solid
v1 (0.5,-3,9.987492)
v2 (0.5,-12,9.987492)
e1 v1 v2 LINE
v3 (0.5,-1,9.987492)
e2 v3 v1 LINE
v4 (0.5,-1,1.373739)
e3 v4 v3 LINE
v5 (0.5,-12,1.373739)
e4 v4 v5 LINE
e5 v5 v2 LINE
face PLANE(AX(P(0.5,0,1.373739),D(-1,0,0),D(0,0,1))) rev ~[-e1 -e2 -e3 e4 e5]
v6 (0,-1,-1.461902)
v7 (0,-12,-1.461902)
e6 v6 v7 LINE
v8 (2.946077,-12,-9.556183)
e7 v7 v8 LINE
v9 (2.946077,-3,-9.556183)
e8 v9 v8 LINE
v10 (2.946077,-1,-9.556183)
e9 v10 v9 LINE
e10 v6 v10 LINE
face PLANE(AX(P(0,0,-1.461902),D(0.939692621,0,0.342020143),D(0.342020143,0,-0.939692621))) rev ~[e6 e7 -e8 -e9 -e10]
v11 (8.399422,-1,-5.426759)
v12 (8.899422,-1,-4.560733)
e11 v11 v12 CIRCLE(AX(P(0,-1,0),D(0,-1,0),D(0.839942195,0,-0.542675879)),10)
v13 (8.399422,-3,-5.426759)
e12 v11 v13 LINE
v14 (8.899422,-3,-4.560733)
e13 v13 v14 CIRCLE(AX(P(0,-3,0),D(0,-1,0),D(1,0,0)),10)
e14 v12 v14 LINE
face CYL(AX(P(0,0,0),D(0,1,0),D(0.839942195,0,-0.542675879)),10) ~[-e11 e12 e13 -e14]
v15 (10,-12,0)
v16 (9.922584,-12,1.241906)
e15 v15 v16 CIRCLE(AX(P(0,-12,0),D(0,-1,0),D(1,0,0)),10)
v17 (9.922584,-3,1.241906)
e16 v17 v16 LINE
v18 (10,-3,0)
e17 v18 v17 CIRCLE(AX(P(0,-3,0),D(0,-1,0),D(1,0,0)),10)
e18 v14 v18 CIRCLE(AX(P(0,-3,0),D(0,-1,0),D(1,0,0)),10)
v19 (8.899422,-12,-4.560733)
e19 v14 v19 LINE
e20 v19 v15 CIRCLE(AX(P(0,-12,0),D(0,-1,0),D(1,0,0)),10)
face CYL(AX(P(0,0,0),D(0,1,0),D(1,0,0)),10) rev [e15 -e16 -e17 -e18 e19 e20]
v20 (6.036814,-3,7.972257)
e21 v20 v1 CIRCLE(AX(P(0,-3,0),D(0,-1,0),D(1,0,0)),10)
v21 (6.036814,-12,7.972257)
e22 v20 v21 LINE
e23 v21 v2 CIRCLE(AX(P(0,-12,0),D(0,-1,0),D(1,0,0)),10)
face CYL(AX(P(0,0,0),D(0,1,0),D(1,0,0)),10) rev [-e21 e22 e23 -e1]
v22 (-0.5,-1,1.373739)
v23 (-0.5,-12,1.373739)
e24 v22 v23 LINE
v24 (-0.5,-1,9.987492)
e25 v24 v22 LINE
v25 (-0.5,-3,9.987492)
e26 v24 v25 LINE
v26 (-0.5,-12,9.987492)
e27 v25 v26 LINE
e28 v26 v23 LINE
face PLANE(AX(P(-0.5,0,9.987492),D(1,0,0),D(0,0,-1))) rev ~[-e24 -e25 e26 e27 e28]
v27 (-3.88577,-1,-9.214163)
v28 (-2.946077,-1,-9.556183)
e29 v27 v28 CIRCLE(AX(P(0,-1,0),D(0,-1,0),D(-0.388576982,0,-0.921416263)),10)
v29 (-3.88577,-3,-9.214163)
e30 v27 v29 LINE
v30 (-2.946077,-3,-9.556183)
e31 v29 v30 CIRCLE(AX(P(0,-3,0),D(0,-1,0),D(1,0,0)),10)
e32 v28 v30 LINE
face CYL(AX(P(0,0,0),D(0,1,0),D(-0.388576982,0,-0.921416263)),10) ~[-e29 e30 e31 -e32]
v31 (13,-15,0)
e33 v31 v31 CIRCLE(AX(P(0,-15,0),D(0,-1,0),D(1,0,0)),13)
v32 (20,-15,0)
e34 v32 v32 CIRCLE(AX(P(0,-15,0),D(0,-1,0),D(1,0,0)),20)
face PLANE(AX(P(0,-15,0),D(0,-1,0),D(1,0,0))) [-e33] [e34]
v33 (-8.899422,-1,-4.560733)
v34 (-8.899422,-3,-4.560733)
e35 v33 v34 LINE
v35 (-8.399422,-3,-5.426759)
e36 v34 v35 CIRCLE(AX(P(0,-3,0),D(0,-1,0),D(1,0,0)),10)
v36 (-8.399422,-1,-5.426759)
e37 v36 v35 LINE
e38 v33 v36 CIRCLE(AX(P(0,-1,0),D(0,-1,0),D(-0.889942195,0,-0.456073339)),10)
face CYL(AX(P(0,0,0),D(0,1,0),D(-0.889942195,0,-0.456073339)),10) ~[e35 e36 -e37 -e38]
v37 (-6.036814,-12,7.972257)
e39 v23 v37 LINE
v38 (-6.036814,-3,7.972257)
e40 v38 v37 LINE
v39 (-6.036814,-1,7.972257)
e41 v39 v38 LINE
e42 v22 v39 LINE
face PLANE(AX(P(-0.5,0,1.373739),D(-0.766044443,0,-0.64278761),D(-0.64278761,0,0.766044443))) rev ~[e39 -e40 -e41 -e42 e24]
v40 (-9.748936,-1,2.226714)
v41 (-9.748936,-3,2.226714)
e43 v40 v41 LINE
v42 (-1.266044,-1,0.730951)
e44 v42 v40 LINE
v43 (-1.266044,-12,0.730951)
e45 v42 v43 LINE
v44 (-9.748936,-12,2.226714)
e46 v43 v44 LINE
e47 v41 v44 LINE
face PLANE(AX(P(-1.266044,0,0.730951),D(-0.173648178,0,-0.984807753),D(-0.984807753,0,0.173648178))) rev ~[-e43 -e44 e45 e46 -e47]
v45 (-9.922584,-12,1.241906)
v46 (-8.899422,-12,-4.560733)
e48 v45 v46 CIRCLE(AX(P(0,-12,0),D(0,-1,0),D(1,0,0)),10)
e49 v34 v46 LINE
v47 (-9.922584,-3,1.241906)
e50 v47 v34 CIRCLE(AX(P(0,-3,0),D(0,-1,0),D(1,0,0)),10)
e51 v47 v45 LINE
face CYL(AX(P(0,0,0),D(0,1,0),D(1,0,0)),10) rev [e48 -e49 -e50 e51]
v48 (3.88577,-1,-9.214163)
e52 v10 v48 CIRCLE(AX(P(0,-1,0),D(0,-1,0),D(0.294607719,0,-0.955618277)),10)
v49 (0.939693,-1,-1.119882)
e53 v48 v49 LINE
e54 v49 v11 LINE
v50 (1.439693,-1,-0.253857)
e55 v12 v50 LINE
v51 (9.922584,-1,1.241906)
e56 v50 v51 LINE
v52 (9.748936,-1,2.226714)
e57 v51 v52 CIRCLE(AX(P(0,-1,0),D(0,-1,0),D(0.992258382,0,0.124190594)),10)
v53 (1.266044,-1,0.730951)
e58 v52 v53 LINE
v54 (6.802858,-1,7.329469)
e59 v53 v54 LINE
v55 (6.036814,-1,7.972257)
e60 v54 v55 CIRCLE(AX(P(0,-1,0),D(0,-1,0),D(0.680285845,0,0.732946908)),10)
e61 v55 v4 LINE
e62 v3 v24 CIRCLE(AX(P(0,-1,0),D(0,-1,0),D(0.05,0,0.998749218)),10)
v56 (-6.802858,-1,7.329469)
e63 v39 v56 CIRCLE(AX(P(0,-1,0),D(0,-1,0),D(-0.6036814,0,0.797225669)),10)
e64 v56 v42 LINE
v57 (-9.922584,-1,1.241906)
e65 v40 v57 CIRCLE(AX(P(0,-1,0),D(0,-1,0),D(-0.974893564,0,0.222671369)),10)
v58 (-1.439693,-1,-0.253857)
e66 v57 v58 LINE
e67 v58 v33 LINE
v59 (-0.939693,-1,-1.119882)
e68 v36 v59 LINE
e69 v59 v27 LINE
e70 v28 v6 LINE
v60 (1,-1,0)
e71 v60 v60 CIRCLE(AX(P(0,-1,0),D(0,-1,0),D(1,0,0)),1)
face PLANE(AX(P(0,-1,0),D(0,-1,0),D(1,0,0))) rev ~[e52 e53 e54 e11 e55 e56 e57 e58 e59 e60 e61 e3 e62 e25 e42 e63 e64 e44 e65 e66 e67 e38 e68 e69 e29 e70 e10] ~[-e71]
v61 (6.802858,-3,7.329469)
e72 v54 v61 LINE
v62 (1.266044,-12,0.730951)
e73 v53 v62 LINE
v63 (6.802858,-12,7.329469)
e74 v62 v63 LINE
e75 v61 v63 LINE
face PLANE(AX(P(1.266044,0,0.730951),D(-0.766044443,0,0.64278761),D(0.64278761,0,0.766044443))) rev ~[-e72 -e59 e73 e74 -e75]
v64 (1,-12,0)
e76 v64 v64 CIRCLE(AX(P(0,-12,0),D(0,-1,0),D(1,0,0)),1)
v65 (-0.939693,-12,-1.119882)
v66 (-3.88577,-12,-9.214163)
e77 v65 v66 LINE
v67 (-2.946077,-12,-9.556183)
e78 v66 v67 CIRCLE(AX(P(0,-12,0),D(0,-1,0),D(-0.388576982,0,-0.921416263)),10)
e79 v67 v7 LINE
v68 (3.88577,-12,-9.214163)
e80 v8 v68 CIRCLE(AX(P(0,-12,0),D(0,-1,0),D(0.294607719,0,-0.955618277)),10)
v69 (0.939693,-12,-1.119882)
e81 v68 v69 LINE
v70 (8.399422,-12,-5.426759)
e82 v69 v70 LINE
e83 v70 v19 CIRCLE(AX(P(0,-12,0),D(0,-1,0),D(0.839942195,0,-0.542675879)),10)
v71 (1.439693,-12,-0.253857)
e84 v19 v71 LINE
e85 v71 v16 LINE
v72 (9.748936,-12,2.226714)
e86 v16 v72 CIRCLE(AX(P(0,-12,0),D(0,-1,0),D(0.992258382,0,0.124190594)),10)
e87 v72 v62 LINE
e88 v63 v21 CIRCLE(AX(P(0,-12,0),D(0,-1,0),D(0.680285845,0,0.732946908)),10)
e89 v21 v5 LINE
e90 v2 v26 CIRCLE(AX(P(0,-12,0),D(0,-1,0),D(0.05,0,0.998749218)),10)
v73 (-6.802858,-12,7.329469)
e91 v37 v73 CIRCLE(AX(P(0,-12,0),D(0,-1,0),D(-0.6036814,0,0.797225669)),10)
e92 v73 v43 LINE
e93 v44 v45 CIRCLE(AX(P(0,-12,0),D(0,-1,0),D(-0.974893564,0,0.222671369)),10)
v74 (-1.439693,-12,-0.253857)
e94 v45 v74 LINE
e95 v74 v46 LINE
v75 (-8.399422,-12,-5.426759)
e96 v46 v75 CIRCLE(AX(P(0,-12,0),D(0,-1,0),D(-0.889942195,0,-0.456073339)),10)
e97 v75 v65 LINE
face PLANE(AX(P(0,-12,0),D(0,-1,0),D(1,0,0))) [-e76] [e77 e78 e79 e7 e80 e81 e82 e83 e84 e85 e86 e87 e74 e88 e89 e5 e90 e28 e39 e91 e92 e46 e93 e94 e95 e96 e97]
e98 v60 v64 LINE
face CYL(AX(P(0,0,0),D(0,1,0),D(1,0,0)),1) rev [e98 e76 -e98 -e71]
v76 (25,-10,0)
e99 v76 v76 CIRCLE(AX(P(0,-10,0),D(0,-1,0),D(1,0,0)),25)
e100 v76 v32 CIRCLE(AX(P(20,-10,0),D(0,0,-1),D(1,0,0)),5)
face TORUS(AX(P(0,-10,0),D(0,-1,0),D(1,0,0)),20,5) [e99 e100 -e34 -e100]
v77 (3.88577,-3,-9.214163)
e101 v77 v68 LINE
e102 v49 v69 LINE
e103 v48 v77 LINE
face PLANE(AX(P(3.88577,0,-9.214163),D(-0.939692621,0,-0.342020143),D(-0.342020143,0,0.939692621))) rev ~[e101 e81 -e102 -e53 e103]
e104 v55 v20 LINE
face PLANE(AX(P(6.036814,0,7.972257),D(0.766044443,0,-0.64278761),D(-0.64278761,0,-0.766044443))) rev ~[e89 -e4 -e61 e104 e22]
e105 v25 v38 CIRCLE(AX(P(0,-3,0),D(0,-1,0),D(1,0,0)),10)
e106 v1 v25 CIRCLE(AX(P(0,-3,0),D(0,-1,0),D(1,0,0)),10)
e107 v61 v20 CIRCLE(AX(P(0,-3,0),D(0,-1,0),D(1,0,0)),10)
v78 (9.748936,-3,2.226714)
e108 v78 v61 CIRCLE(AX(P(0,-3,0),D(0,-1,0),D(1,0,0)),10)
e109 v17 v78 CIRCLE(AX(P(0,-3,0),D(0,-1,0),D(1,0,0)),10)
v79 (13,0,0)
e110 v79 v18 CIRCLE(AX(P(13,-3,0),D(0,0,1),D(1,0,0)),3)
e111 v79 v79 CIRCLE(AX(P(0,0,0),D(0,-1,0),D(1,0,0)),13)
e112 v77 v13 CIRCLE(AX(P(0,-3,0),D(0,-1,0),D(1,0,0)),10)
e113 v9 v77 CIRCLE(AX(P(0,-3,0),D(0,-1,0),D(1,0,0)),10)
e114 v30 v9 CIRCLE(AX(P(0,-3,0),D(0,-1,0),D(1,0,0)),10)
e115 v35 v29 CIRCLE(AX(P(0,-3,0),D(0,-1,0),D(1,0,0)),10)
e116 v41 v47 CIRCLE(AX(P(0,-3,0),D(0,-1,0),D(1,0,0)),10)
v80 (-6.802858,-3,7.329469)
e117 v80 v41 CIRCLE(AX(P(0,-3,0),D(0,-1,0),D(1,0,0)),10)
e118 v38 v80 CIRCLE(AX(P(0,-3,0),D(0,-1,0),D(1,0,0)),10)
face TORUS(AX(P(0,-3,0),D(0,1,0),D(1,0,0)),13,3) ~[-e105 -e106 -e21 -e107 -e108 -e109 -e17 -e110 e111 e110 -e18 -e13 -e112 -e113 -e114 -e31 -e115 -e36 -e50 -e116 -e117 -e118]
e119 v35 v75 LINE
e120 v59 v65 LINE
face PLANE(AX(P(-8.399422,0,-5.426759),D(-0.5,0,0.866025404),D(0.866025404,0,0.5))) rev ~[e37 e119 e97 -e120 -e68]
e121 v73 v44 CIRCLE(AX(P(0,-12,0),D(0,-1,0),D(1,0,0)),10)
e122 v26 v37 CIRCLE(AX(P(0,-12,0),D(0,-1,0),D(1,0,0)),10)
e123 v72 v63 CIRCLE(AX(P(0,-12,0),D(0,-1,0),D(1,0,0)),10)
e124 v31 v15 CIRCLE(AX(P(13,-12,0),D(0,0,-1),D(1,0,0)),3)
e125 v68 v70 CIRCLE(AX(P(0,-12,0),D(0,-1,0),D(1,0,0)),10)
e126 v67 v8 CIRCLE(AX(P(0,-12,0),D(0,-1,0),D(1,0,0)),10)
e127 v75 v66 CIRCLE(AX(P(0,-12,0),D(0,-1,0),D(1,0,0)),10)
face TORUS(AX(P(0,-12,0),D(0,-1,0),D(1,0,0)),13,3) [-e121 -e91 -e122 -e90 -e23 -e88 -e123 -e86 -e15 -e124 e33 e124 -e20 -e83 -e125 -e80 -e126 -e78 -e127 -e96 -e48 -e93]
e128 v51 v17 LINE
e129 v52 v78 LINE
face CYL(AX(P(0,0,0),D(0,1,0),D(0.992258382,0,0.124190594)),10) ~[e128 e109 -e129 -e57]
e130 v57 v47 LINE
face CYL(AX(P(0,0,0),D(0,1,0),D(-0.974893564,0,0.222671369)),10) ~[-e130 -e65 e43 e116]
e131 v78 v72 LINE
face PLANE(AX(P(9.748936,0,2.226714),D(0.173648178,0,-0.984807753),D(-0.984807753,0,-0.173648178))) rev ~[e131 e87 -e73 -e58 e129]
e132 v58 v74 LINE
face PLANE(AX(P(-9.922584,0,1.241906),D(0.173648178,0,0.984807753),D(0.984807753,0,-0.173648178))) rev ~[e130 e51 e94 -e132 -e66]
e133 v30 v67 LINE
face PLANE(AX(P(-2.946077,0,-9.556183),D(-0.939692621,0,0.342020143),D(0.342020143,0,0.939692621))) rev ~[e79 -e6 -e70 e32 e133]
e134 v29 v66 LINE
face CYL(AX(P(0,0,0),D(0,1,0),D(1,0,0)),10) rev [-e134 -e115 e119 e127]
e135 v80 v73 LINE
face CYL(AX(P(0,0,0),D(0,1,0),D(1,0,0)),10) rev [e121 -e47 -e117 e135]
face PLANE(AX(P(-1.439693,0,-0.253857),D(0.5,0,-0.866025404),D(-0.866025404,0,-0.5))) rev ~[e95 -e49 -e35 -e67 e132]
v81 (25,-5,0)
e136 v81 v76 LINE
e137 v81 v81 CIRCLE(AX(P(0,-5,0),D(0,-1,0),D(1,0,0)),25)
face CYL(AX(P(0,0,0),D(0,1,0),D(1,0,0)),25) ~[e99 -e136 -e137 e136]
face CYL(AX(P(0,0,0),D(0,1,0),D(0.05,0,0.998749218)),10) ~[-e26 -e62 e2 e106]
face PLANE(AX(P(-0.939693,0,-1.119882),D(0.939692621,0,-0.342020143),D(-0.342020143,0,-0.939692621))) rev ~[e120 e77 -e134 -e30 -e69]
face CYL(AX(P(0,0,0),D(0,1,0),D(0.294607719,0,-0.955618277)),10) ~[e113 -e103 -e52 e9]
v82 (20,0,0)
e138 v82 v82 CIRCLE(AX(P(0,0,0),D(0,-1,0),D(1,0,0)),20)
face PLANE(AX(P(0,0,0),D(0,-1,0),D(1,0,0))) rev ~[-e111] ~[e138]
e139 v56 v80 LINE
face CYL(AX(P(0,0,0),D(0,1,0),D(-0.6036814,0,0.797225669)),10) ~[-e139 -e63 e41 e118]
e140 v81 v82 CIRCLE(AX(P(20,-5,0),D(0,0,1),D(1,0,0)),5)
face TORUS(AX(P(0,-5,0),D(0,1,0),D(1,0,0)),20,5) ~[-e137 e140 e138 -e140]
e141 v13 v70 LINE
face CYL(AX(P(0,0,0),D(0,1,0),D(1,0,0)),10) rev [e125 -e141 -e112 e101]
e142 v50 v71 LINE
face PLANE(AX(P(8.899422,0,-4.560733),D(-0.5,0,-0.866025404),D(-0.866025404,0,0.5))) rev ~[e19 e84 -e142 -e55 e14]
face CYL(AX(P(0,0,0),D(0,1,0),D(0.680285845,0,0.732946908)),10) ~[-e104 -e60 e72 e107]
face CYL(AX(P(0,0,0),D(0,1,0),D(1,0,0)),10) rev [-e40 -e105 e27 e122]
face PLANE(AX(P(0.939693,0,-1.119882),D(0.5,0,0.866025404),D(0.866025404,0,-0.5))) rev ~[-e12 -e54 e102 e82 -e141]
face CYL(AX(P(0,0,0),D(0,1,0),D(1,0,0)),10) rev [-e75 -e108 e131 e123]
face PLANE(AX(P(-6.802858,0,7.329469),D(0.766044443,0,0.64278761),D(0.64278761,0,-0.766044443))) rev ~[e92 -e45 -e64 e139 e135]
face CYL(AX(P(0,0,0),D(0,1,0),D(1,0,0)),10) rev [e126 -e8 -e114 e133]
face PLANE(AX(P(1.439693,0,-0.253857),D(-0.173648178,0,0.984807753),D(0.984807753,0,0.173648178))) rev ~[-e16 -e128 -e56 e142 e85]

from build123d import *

# Parameters (mm, degrees)
F0_R     = 25
F0_R_2   = 10
F1_DEPTH = 15
F2_R     = 5
F3_R     = 3
F4_R     = 5
F5_R     = 3
F6_R     = 1
F7_DEPTH = 12
F8_DEPTH = 1


with BuildPart() as f1:
    # F0 (on Front) → F1 (new body)
    with BuildSketch(Plane.XZ):
        Circle(F0_R)
        Circle(F0_R_2, mode=Mode.SUBTRACT)
    extrude(amount=F1_DEPTH)

    # F2
    f2_edges = [f1.edges().sort_by_distance(p)[0] for p in [
        (-25, -15, 0),
    ]]
    fillet(f2_edges, radius=F2_R)

    # F3
    f3_edges = [f1.edges().sort_by_distance(p)[0] for p in [
        (-10, -15, 0),
    ]]
    fillet(f3_edges, radius=F3_R)

    # F4
    f4_edges = [f1.edges().sort_by_distance(p)[0] for p in [
        (-25, 0, 0),
    ]]
    fillet(f4_edges, radius=F4_R)

    # F5
    f5_edges = [f1.edges().sort_by_distance(p)[0] for p in [
        (-10, 0, 0),
    ]]
    fillet(f5_edges, radius=F5_R)

    # F6 (on Front) → F7 (join)
    with BuildSketch(Plane.XZ):
        with BuildLine():
            Line((-0.5, 9.9874921777), (-0.5, 1.3737387097))
            Line((-0.5, 1.3737387097), (-6.0368140021, 7.9722566883))
            ThreePointArc((-6.0368140021, 7.9722566883), (-6.4278760969, 7.6604444312), (-6.8028584452, 7.3294690786))
            Line((-6.8028584452, 7.3294690786), (-1.2660444431, 0.7309511))
            Line((-1.2660444431, 0.7309511), (-9.7489356409, 2.2267136926))
            ThreePointArc((-9.7489356409, 2.2267136926), (-9.8480775301, 1.7364817767), (-9.9225838186, 1.2419059396))
            Line((-9.9225838186, 1.2419059396), (-1.4396926208, -0.253856653))
            Line((-1.4396926208, -0.253856653), (-8.899421946, -4.560733387))
            ThreePointArc((-8.899421946, -4.560733387), (-8.6602540378, -5), (-8.399421946, -5.4267587908))
            Line((-8.399421946, -5.4267587908), (-0.9396926208, -1.1198820568))
            Line((-0.9396926208, -1.1198820568), (-3.8857698165, -9.2141626279))
            ThreePointArc((-3.8857698165, -9.2141626279), (-3.4202014333, -9.3969262079), (-2.9460771957, -9.5561827712))
            Line((-2.9460771957, -9.5561827712), (0, -1.4619022001))
            Line((0, -1.4619022001), (2.9460771957, -9.5561827712))
            ThreePointArc((2.9460771957, -9.5561827712), (3.4202014333, -9.3969262079), (3.8857698165, -9.2141626279))
            Line((3.8857698165, -9.2141626279), (0.9396926208, -1.1198820568))
            Line((0.9396926208, -1.1198820568), (8.399421946, -5.4267587908))
            ThreePointArc((8.399421946, -5.4267587908), (8.6602540378, -5), (8.899421946, -4.560733387))
            Line((8.899421946, -4.560733387), (1.4396926208, -0.253856653))
            Line((1.4396926208, -0.253856653), (9.9225838186, 1.2419059396))
            ThreePointArc((9.9225838186, 1.2419059396), (9.8480775301, 1.7364817767), (9.7489356409, 2.2267136926))
            Line((9.7489356409, 2.2267136926), (1.2660444431, 0.7309511))
            Line((1.2660444431, 0.7309511), (6.8028584452, 7.3294690786))
            ThreePointArc((6.8028584452, 7.3294690786), (6.4278760969, 7.6604444312), (6.0368140021, 7.9722566883))
            Line((6.0368140021, 7.9722566883), (0.5, 1.3737387097))
            Line((0.5, 1.3737387097), (0.5, 9.9874921777))
            ThreePointArc((0.5, 9.9874921777), (0, 10), (-0.5, 9.9874921777))
        make_face()
        Circle(F6_R, mode=Mode.SUBTRACT)
    extrude(amount=F7_DEPTH)

    # F6 (on Front) → F8 (cut)
    with BuildSketch(Plane.XZ):
        with BuildLine():
            Line((-0.5, 9.9874921777), (-0.5, 1.3737387097))
            Line((-0.5, 1.3737387097), (-6.0368140021, 7.9722566883))
            ThreePointArc((-6.0368140021, 7.9722566883), (-6.4278760969, 7.6604444312), (-6.8028584452, 7.3294690786))
            Line((-6.8028584452, 7.3294690786), (-1.2660444431, 0.7309511))
            Line((-1.2660444431, 0.7309511), (-9.7489356409, 2.2267136926))
            ThreePointArc((-9.7489356409, 2.2267136926), (-9.8480775301, 1.7364817767), (-9.9225838186, 1.2419059396))
            Line((-9.9225838186, 1.2419059396), (-1.4396926208, -0.253856653))
            Line((-1.4396926208, -0.253856653), (-8.899421946, -4.560733387))
            ThreePointArc((-8.899421946, -4.560733387), (-8.6602540378, -5), (-8.399421946, -5.4267587908))
            Line((-8.399421946, -5.4267587908), (-0.9396926208, -1.1198820568))
            Line((-0.9396926208, -1.1198820568), (-3.8857698165, -9.2141626279))
            ThreePointArc((-3.8857698165, -9.2141626279), (-3.4202014333, -9.3969262079), (-2.9460771957, -9.5561827712))
            Line((-2.9460771957, -9.5561827712), (0, -1.4619022001))
            Line((0, -1.4619022001), (2.9460771957, -9.5561827712))
            ThreePointArc((2.9460771957, -9.5561827712), (3.4202014333, -9.3969262079), (3.8857698165, -9.2141626279))
            Line((3.8857698165, -9.2141626279), (0.9396926208, -1.1198820568))
            Line((0.9396926208, -1.1198820568), (8.399421946, -5.4267587908))
            ThreePointArc((8.399421946, -5.4267587908), (8.6602540378, -5), (8.899421946, -4.560733387))
            Line((8.899421946, -4.560733387), (1.4396926208, -0.253856653))
            Line((1.4396926208, -0.253856653), (9.9225838186, 1.2419059396))
            ThreePointArc((9.9225838186, 1.2419059396), (9.8480775301, 1.7364817767), (9.7489356409, 2.2267136926))
            Line((9.7489356409, 2.2267136926), (1.2660444431, 0.7309511))
            Line((1.2660444431, 0.7309511), (6.8028584452, 7.3294690786))
            ThreePointArc((6.8028584452, 7.3294690786), (6.4278760969, 7.6604444312), (6.0368140021, 7.9722566883))
            Line((6.0368140021, 7.9722566883), (0.5, 1.3737387097))
            Line((0.5, 1.3737387097), (0.5, 9.9874921777))
            ThreePointArc((0.5, 9.9874921777), (0, 10), (-0.5, 9.9874921777))
        make_face()
        Circle(F6_R, mode=Mode.SUBTRACT)
    extrude(amount=F8_DEPTH, mode=Mode.SUBTRACT)


solid = f1.part
